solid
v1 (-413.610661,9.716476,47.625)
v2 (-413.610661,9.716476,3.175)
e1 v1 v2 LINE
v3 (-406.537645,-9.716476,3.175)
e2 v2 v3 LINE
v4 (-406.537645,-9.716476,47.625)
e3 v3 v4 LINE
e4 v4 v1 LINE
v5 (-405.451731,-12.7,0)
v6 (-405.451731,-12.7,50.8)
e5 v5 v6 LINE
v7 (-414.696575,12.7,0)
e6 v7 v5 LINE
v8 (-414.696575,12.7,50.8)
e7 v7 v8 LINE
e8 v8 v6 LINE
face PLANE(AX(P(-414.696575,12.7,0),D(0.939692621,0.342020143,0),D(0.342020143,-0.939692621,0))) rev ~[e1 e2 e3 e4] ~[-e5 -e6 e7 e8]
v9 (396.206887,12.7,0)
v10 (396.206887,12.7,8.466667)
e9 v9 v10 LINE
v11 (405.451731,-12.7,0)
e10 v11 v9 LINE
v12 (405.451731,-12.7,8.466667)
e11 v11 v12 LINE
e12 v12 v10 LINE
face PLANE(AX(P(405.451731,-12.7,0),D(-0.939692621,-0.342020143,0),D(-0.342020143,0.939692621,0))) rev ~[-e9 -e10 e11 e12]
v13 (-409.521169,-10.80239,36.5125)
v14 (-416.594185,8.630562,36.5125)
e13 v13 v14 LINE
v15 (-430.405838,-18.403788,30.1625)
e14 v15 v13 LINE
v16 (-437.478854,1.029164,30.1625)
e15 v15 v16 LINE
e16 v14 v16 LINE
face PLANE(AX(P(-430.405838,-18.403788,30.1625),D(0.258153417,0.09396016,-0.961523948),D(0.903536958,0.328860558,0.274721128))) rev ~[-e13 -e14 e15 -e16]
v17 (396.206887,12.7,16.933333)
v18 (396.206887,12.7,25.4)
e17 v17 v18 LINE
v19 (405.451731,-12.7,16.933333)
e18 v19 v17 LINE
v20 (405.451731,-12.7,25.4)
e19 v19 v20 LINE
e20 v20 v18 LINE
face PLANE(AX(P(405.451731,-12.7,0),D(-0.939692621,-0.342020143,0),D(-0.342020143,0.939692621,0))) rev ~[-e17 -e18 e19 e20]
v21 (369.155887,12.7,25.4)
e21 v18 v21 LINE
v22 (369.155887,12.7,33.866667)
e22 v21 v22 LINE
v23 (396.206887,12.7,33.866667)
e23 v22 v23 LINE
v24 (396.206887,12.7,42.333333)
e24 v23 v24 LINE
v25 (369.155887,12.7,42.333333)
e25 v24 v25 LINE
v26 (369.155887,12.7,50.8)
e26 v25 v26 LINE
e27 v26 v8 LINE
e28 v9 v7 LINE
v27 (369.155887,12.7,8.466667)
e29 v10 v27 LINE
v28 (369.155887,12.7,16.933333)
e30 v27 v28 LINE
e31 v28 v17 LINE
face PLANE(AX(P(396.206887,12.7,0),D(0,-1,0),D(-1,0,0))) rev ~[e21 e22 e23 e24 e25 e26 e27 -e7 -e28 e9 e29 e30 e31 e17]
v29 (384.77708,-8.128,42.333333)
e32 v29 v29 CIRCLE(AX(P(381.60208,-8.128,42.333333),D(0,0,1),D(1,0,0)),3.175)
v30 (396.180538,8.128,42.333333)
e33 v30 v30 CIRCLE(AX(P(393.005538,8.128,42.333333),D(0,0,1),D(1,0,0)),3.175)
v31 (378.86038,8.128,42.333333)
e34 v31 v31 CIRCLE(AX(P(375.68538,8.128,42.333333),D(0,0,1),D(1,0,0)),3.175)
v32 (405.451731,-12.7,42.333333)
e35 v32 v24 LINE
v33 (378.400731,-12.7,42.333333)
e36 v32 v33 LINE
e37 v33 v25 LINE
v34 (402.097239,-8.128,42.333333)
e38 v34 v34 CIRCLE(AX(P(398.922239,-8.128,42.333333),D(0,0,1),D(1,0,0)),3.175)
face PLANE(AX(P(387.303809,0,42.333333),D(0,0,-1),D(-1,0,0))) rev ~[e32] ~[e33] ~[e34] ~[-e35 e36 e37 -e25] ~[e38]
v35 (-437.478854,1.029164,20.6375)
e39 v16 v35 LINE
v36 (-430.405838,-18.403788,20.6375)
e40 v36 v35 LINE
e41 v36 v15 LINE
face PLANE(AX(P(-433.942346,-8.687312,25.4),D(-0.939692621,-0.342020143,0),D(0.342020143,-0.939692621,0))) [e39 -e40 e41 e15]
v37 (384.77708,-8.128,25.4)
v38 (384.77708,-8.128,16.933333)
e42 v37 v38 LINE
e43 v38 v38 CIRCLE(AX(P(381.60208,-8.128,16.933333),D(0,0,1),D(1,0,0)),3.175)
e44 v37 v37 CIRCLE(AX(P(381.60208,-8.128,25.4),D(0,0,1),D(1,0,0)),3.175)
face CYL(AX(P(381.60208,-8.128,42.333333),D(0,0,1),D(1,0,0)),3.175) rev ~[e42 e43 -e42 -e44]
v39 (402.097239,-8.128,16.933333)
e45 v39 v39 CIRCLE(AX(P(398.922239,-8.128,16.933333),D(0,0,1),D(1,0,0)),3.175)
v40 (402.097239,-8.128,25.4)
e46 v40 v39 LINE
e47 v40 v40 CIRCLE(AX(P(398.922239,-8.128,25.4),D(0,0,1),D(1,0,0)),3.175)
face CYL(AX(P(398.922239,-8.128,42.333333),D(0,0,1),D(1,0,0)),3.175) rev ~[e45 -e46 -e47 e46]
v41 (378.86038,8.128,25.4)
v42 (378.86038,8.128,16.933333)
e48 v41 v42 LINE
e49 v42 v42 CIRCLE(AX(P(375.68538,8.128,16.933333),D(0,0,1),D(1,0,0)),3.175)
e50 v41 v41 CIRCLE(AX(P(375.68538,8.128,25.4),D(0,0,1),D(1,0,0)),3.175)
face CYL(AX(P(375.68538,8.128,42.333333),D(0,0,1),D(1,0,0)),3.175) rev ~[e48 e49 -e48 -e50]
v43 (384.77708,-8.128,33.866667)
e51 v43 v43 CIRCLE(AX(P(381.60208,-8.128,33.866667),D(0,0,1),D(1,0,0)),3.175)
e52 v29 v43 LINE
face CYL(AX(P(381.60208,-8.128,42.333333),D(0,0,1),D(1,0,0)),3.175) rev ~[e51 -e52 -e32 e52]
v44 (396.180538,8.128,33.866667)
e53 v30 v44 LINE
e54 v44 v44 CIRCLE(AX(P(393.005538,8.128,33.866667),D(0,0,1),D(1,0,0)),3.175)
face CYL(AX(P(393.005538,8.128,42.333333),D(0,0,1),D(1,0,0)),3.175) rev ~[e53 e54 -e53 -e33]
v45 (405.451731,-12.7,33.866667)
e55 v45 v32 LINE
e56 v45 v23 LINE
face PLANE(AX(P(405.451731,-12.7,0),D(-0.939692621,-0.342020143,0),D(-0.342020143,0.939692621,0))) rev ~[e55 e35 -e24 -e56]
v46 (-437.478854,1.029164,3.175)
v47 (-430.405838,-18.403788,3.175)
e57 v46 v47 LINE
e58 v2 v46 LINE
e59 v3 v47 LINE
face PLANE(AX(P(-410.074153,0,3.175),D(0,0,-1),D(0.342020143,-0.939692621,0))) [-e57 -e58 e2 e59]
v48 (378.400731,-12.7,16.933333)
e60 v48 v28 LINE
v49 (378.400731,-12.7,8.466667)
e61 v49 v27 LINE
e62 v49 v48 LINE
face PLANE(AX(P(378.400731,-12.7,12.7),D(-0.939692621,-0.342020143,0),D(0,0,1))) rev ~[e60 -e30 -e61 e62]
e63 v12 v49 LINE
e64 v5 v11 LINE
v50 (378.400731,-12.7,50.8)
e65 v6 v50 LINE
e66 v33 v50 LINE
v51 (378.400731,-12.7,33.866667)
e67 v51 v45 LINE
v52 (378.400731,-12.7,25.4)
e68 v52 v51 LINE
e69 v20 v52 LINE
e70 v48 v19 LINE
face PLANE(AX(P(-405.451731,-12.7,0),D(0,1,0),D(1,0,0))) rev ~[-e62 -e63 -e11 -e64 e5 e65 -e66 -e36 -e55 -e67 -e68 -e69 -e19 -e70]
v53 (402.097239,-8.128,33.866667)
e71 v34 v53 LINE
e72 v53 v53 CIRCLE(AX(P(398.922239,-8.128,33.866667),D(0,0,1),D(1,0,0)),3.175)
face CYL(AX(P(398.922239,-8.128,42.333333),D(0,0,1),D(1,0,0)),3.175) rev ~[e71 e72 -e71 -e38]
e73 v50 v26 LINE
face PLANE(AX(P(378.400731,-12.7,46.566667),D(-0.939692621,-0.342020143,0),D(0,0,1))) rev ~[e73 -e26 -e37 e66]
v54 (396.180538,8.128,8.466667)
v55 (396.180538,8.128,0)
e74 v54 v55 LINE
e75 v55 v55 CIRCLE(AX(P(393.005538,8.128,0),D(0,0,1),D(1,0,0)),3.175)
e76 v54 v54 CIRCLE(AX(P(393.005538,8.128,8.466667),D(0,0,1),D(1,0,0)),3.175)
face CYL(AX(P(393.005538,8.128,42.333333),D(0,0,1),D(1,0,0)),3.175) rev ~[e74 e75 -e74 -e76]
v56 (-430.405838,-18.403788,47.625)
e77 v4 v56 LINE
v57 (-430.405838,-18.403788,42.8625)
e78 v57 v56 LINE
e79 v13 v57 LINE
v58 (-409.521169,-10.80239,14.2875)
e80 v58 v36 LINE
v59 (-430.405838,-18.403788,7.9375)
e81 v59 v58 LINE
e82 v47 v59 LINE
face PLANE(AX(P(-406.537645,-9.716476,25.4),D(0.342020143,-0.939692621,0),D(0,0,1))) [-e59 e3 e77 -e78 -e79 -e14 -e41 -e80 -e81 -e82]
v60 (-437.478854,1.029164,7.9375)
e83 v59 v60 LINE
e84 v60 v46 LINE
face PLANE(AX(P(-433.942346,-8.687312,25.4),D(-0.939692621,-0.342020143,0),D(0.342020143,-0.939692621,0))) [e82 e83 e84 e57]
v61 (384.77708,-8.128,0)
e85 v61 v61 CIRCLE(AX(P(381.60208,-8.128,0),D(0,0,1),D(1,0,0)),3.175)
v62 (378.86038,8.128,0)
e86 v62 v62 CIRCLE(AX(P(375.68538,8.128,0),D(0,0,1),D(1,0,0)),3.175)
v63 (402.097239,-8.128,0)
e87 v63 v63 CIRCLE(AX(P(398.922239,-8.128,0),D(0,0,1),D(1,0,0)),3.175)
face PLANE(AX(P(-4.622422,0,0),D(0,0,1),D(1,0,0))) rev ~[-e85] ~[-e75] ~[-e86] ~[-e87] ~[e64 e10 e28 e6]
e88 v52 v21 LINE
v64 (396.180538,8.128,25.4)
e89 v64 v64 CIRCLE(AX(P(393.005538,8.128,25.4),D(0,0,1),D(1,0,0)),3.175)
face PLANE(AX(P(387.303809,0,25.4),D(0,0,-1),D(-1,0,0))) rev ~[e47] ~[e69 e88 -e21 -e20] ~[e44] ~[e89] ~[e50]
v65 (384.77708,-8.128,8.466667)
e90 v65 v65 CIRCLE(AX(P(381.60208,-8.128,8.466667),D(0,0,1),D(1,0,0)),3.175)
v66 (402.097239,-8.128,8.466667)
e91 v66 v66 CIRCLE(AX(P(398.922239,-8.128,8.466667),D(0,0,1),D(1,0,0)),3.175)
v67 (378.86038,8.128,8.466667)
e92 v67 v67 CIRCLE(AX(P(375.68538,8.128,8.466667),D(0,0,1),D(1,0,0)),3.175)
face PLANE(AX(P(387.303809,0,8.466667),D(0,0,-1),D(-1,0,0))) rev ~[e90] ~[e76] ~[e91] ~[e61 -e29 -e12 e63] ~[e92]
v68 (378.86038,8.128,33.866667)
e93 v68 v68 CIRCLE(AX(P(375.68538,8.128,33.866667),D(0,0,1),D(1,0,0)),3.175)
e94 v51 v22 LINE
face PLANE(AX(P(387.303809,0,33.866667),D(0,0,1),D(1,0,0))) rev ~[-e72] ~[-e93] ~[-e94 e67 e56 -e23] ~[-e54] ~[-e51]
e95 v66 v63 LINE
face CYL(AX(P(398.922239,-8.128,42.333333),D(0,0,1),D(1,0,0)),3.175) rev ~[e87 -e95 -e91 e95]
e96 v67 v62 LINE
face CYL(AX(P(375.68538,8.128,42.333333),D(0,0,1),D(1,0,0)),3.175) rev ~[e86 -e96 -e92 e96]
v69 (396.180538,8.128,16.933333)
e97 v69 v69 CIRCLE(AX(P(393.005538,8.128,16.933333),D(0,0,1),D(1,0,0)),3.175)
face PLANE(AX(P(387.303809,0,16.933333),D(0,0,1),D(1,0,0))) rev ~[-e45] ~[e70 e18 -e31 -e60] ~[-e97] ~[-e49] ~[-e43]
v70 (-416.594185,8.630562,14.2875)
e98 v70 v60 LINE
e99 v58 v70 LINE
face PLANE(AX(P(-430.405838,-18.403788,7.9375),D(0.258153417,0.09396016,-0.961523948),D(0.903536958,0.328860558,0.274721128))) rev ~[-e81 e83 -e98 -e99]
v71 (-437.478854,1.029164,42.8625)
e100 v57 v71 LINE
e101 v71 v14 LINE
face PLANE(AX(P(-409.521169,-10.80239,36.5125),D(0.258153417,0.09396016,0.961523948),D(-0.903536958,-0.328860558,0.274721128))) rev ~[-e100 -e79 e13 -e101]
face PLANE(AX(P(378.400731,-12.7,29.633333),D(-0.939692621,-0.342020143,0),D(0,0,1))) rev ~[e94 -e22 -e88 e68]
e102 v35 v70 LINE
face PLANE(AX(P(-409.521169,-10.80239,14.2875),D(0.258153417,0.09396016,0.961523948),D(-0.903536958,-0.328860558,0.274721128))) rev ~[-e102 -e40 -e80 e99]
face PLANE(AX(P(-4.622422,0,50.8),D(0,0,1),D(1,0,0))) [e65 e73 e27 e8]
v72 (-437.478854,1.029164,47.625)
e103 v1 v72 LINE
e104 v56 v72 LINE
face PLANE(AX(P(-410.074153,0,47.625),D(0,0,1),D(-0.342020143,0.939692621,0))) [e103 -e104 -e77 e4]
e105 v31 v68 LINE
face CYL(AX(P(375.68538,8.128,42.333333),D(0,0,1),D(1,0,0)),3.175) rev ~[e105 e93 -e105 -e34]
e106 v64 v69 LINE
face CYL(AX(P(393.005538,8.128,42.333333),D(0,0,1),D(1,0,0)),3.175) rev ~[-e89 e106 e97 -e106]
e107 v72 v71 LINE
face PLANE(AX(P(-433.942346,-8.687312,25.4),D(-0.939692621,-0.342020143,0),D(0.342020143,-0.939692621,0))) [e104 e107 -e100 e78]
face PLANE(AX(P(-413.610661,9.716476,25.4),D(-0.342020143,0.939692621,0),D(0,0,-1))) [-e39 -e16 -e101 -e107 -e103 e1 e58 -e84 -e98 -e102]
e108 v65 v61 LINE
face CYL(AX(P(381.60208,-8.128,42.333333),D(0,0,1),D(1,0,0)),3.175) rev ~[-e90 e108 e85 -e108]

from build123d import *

# Parameters (mm, degrees)
F1_DEPTH  = 50.8
F2_W      = 27.051
F2_H      = 8.4666666667
F5_W      = 20.6801154209
F5_H      = 44.45
F8_DEPTH  = 31.6481136174
F9_R      = 3.175
F10_DEPTH = 42.3343333333


with BuildPart() as f1:
    # F0 (on Top) → F1 (new body)
    with BuildSketch(Plane.XY):
        Polygon((396.206887363, 12.7), (-414.6965752637, 12.7), (-405.4517313133, -12.7), (405.4517313133, -12.7), align=None)
    extrude(amount=F1_DEPTH)

    # F3: sweep along a path in F3_path
    with BuildLine(Plane(origin=(405.4517313133, -12.7, 50.8), x_dir=(0.3420201433, -0.9396926208, 0), z_dir=(0.9396926208, 0.3420201433, 0))) as f3_path:
        Line((0, 0), (-27.0301154209, 0))
    # F2 (on face) → F3 (sweep, cut)
    with BuildSketch(Plane(origin=(0, 12.7, 0), x_dir=(-1, 0, 0), z_dir=(0, 1, 0))):
        with Locations((-382.681387363, 12.7)):
            Rectangle(F2_W, F2_H)
        with Locations((-382.681387363, 29.6333333333)):
            Rectangle(F2_W, F2_H)
        with Locations((-382.681387363, 46.5666666667)):
            Rectangle(F2_W, F2_H)
    sweep(path=f3_path.line, mode=Mode.SUBTRACT)

    # F6: sweep along a path in F4
    with BuildLine(Plane.XY.offset(50.8)) as f6_path:
        Line((-405.4517313133, -12.7), (-429.3199238813, -21.3873116405))
    # F5 (on face) → F6 (sweep)
    with BuildSketch(Plane(origin=(-362.1045898409, -131.7952923933, 0), x_dir=(0.3420201433, -0.9396926208, 0), z_dir=(-0.9396926208, -0.3420201433, 0))):
        with Locations((-140.2536206819, 25.4)):
            Rectangle(F5_W, F5_H)
    sweep(path=f6_path.line)

    # F7 (on face) → F8 (cut, through all)
    with BuildSketch(Plane(origin=(-44.4330554274, 122.0788164643, 0), x_dir=(0.9396926208, 0.3420201433, 0), z_dir=(0.3420201433, -0.9396926208, 0))):
        Polygon((-388.5186558202, 36.5125), (-410.7436558202, 42.8625), (-410.7436558202, 30.1625), align=None)
        Polygon((-388.5186558202, 14.2875), (-410.7436558202, 20.6375), (-410.7436558202, 7.9375), align=None)
    extrude(amount=-F8_DEPTH, mode=Mode.SUBTRACT)

    # F9 (on face) → F10 (cut, through all)
    with BuildSketch(Plane.XY.offset(42.3333333333)):
        with Locations((393.0055384983, 8.128)):
            Circle(F9_R)
        with Locations((375.6853800498, 8.128)):
            Circle(F9_R)
        with Locations((381.602080178, -8.128)):
            Circle(F9_R)
        with Locations((398.9222386265, -8.128)):
            Circle(F9_R)
    extrude(amount=-F10_DEPTH, mode=Mode.SUBTRACT)


solid = f1.part
